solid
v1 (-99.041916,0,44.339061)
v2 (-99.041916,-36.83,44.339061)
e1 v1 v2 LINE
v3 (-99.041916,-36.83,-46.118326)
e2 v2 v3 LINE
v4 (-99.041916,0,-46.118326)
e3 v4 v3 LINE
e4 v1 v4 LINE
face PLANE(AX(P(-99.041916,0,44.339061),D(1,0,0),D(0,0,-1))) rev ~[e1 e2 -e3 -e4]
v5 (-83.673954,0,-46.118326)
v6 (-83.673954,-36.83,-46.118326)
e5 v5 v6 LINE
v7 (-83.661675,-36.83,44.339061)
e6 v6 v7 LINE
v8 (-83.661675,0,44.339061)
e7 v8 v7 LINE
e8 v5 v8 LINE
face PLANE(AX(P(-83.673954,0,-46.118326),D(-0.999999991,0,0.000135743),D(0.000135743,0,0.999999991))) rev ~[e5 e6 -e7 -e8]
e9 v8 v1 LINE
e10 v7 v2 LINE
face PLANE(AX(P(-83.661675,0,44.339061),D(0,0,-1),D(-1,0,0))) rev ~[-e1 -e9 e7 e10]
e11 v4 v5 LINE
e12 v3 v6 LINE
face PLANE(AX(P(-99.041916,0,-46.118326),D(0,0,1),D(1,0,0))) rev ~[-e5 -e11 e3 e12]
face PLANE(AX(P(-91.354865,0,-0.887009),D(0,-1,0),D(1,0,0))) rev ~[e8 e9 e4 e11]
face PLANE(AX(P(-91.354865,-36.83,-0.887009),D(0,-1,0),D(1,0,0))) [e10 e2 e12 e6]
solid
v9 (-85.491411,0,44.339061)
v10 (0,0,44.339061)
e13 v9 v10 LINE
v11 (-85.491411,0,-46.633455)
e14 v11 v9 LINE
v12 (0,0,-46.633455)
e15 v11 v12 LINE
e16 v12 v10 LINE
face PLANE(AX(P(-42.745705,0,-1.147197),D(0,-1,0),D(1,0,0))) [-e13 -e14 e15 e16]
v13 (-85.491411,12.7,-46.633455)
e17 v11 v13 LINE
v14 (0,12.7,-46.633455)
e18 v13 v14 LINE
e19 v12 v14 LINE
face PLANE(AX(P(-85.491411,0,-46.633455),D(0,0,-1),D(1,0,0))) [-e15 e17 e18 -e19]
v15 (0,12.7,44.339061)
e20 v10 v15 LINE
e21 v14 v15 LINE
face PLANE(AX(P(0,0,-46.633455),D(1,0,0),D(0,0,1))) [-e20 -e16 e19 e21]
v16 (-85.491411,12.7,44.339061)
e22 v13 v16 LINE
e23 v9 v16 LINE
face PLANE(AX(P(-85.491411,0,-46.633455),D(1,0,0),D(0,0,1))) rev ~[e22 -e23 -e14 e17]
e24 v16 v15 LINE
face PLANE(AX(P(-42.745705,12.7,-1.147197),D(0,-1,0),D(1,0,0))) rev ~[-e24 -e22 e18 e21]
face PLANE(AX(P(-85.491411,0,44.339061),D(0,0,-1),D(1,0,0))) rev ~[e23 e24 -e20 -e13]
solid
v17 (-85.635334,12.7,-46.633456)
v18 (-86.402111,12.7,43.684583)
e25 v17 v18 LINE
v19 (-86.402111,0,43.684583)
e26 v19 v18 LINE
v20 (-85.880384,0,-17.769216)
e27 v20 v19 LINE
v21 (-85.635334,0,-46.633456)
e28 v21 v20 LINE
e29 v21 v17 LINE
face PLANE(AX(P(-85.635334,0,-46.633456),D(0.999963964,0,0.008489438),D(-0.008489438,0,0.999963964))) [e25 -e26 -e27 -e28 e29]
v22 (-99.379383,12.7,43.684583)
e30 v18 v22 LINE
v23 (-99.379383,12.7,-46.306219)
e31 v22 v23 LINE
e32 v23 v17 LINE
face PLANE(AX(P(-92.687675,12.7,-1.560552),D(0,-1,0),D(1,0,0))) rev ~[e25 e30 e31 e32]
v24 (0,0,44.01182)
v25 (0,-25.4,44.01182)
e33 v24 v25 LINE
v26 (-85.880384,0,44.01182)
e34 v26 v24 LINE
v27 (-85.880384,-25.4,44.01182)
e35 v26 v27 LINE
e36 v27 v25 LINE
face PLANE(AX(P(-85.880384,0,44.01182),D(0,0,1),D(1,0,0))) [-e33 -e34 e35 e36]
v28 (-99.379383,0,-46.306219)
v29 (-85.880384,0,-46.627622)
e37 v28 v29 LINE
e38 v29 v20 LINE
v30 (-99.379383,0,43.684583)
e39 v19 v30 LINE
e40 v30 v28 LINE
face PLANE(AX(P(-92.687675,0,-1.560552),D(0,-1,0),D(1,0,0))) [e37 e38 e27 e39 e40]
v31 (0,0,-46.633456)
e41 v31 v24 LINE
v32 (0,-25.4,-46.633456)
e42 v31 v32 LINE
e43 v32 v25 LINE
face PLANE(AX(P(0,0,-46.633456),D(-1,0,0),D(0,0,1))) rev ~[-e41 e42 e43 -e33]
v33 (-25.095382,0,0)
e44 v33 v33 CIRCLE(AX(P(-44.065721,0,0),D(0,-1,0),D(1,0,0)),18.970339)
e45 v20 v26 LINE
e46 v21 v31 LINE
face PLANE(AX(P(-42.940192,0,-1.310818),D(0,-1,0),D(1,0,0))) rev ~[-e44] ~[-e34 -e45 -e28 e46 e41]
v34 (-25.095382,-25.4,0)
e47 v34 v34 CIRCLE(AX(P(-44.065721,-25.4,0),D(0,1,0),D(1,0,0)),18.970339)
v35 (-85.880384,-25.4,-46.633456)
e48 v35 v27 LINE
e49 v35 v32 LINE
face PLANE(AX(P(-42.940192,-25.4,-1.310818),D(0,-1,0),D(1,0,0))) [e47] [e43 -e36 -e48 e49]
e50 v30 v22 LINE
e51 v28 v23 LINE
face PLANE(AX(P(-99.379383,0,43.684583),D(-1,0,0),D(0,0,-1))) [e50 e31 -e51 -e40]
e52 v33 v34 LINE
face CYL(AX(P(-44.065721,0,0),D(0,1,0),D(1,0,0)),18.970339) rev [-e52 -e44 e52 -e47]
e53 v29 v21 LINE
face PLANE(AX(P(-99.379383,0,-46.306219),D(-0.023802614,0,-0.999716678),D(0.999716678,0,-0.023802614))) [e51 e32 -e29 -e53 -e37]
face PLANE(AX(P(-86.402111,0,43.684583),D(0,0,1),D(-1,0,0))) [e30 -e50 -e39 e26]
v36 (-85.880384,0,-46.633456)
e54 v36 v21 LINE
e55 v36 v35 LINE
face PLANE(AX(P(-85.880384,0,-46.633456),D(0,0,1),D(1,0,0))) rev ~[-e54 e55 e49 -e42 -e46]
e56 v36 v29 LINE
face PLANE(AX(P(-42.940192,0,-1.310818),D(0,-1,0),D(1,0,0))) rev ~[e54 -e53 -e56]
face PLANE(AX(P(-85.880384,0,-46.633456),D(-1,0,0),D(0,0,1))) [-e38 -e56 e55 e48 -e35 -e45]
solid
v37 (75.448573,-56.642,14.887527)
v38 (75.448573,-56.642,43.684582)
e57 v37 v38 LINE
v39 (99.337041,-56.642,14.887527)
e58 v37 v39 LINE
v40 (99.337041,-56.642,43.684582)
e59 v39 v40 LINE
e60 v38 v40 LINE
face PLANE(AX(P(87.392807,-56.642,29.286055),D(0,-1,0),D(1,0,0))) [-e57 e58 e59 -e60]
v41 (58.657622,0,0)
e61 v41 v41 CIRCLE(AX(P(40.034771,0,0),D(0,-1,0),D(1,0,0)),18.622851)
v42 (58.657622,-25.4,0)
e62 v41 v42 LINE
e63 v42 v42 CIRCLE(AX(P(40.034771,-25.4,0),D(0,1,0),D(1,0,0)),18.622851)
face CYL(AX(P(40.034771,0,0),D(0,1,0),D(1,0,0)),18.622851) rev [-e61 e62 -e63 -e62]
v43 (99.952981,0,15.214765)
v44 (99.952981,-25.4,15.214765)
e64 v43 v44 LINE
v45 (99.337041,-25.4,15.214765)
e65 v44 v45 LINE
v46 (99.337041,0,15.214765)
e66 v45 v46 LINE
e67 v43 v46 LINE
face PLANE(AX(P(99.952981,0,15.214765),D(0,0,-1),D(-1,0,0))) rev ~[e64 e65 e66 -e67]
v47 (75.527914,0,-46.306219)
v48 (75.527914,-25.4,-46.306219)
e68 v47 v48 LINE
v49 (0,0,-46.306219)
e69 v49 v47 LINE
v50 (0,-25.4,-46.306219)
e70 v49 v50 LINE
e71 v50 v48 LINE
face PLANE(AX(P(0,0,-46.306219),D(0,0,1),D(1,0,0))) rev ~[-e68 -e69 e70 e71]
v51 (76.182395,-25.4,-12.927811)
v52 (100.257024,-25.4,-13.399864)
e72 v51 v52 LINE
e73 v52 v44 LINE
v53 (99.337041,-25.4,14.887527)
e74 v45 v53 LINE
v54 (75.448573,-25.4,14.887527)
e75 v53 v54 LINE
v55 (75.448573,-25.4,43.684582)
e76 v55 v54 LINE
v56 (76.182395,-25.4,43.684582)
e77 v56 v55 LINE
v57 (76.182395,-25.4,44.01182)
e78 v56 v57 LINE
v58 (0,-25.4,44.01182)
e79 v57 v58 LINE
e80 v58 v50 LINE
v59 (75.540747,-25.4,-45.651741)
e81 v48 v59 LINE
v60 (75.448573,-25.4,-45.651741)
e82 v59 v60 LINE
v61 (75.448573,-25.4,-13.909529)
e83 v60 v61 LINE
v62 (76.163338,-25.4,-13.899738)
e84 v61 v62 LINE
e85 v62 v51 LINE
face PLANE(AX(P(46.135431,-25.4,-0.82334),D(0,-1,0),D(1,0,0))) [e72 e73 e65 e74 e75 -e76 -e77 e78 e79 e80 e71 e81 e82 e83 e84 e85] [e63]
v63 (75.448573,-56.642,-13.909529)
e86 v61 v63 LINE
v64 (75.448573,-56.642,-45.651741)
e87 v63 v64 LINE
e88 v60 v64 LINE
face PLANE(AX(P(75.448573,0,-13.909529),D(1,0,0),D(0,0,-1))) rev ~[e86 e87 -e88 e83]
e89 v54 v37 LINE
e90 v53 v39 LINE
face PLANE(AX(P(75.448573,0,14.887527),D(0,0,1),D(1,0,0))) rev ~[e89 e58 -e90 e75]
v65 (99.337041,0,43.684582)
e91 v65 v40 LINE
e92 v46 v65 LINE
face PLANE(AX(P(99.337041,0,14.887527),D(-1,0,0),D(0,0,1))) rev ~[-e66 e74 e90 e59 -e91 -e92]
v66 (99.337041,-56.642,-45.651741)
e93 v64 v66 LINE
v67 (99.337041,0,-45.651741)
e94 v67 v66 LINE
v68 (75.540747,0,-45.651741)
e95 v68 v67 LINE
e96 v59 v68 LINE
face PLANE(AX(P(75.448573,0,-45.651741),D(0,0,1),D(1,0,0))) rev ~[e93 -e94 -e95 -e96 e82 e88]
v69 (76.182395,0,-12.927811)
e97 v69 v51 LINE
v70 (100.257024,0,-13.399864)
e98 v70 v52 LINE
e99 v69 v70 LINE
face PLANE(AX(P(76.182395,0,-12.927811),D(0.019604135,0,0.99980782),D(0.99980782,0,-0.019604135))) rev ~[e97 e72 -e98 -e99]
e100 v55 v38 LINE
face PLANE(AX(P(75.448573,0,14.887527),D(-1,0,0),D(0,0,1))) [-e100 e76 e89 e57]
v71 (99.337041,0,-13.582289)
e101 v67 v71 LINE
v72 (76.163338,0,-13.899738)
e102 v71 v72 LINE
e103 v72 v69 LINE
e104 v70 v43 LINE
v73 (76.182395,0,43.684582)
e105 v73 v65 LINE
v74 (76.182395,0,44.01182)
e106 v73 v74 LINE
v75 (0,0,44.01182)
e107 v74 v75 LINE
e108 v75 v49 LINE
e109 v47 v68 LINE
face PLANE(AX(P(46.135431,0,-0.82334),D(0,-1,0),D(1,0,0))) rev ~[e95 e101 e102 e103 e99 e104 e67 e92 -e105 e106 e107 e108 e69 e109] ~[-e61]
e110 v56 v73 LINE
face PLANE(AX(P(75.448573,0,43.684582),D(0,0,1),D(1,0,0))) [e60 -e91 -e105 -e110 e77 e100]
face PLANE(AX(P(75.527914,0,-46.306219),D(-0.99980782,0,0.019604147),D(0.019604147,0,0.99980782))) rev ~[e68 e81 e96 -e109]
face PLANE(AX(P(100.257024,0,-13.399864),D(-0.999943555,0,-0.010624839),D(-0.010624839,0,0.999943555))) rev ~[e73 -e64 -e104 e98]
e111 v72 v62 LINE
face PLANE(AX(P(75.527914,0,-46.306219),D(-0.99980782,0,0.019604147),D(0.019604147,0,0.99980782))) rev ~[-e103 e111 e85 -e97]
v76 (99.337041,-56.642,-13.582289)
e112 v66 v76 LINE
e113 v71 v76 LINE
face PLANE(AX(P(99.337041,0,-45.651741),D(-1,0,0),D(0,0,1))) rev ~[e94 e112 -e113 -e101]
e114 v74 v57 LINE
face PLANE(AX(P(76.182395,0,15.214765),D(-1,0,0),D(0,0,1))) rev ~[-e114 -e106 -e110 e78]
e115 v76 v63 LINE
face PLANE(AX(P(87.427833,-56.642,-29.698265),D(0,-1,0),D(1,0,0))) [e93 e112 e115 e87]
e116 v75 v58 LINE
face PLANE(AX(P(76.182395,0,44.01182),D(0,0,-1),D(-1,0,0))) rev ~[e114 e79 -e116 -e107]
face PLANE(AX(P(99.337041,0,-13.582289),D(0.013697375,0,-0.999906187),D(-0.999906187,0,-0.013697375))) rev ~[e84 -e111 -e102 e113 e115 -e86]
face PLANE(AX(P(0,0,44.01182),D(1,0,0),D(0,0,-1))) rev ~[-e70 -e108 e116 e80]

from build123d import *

# Parameters (mm, degrees)
F0_W      = 85.491411
F0_H      = 90.972517
F1_DEPTH  = 12.7
F3_DEPTH  = 25.4
F4_W      = 85.880384
F4_H      = 90.645276
F5_DEPTH  = 25.4
F6_W      = 23.888468
F6_H      = 28.797055
F7_DEPTH  = 56.642
F9_DEPTH  = 12.7
F11_DEPTH = 36.83
F12_R     = 18.622851
F12_R_2   = 18.970339
F13_DEPTH = 96.266


with BuildPart() as f1:
    # F0 (on Front) → F1 (new body)
    with BuildSketch(Plane.XZ):
        with Locations((-42.745705, -1.147197)):
            Rectangle(F0_W, F0_H)
    extrude(amount=-F1_DEPTH)


with BuildPart() as f3:
    # F2 (on Front) → F3 (new body)
    with BuildSketch(Plane.XZ):
        Polygon((76.182395, 44.01182), (0, 44.01182), (0, -46.306219), (75.527914, -46.306219), (76.182395, -12.927811), (100.257024, -13.399864), (99.952981, 15.214765), (76.182395, 15.214765), align=None)
    extrude(amount=F3_DEPTH)

    # F6 (on Front) → F7 (join)
    with BuildSketch(Plane.XZ):
        with Locations((87.392807, 29.286055)):
            Rectangle(F6_W, F6_H)
        Polygon((75.448573, -13.909529), (75.448573, -45.651741), (99.337041, -45.651741), (99.337041, -13.582289), align=None)
    extrude(amount=F7_DEPTH)


with BuildPart() as f5:
    # F4 (on Front) → F5 (new body)
    with BuildSketch(Plane.XZ):
        with Locations((-42.940192, -1.310818)):
            Rectangle(F4_W, F4_H)
    extrude(amount=F5_DEPTH)

    # F8 (on Front) → F9 (join)
    with BuildSketch(Plane.XZ):
        Polygon((-85.635334, -46.633456), (-86.402111, 43.684583), (-99.379383, 43.684583), (-99.379383, -46.306219), align=None)
    extrude(amount=-F9_DEPTH)


with BuildPart() as f11:
    # F10 (on Front) → F11 (new body)
    with BuildSketch(Plane.XZ):
        Polygon((-83.673954, -46.118326), (-83.661675, 44.339061), (-99.041916, 44.339061), (-99.041916, -46.118326), align=None)
    extrude(amount=F11_DEPTH)


with BuildPart() as f13_tool:
    # F12 (on Front) → F13 (new body)
    with BuildSketch(Plane.XZ):
        with Locations((40.034771, 0)):
            Circle(F12_R)
        with Locations((-44.065721, 0)):
            Circle(F12_R_2)
    extrude(amount=F13_DEPTH)


with BuildPart() as f3_1:
    add(f3.part)

    # F13: cut by f13_tool
    add(f13_tool.part, mode=Mode.SUBTRACT)


with BuildPart() as f5_1:
    add(f5.part)

    # F13: cut by f13_tool
    add(f13_tool.part, mode=Mode.SUBTRACT)


solid = Compound([f1.part, f11.part, f3_1.part, f5_1.part])
